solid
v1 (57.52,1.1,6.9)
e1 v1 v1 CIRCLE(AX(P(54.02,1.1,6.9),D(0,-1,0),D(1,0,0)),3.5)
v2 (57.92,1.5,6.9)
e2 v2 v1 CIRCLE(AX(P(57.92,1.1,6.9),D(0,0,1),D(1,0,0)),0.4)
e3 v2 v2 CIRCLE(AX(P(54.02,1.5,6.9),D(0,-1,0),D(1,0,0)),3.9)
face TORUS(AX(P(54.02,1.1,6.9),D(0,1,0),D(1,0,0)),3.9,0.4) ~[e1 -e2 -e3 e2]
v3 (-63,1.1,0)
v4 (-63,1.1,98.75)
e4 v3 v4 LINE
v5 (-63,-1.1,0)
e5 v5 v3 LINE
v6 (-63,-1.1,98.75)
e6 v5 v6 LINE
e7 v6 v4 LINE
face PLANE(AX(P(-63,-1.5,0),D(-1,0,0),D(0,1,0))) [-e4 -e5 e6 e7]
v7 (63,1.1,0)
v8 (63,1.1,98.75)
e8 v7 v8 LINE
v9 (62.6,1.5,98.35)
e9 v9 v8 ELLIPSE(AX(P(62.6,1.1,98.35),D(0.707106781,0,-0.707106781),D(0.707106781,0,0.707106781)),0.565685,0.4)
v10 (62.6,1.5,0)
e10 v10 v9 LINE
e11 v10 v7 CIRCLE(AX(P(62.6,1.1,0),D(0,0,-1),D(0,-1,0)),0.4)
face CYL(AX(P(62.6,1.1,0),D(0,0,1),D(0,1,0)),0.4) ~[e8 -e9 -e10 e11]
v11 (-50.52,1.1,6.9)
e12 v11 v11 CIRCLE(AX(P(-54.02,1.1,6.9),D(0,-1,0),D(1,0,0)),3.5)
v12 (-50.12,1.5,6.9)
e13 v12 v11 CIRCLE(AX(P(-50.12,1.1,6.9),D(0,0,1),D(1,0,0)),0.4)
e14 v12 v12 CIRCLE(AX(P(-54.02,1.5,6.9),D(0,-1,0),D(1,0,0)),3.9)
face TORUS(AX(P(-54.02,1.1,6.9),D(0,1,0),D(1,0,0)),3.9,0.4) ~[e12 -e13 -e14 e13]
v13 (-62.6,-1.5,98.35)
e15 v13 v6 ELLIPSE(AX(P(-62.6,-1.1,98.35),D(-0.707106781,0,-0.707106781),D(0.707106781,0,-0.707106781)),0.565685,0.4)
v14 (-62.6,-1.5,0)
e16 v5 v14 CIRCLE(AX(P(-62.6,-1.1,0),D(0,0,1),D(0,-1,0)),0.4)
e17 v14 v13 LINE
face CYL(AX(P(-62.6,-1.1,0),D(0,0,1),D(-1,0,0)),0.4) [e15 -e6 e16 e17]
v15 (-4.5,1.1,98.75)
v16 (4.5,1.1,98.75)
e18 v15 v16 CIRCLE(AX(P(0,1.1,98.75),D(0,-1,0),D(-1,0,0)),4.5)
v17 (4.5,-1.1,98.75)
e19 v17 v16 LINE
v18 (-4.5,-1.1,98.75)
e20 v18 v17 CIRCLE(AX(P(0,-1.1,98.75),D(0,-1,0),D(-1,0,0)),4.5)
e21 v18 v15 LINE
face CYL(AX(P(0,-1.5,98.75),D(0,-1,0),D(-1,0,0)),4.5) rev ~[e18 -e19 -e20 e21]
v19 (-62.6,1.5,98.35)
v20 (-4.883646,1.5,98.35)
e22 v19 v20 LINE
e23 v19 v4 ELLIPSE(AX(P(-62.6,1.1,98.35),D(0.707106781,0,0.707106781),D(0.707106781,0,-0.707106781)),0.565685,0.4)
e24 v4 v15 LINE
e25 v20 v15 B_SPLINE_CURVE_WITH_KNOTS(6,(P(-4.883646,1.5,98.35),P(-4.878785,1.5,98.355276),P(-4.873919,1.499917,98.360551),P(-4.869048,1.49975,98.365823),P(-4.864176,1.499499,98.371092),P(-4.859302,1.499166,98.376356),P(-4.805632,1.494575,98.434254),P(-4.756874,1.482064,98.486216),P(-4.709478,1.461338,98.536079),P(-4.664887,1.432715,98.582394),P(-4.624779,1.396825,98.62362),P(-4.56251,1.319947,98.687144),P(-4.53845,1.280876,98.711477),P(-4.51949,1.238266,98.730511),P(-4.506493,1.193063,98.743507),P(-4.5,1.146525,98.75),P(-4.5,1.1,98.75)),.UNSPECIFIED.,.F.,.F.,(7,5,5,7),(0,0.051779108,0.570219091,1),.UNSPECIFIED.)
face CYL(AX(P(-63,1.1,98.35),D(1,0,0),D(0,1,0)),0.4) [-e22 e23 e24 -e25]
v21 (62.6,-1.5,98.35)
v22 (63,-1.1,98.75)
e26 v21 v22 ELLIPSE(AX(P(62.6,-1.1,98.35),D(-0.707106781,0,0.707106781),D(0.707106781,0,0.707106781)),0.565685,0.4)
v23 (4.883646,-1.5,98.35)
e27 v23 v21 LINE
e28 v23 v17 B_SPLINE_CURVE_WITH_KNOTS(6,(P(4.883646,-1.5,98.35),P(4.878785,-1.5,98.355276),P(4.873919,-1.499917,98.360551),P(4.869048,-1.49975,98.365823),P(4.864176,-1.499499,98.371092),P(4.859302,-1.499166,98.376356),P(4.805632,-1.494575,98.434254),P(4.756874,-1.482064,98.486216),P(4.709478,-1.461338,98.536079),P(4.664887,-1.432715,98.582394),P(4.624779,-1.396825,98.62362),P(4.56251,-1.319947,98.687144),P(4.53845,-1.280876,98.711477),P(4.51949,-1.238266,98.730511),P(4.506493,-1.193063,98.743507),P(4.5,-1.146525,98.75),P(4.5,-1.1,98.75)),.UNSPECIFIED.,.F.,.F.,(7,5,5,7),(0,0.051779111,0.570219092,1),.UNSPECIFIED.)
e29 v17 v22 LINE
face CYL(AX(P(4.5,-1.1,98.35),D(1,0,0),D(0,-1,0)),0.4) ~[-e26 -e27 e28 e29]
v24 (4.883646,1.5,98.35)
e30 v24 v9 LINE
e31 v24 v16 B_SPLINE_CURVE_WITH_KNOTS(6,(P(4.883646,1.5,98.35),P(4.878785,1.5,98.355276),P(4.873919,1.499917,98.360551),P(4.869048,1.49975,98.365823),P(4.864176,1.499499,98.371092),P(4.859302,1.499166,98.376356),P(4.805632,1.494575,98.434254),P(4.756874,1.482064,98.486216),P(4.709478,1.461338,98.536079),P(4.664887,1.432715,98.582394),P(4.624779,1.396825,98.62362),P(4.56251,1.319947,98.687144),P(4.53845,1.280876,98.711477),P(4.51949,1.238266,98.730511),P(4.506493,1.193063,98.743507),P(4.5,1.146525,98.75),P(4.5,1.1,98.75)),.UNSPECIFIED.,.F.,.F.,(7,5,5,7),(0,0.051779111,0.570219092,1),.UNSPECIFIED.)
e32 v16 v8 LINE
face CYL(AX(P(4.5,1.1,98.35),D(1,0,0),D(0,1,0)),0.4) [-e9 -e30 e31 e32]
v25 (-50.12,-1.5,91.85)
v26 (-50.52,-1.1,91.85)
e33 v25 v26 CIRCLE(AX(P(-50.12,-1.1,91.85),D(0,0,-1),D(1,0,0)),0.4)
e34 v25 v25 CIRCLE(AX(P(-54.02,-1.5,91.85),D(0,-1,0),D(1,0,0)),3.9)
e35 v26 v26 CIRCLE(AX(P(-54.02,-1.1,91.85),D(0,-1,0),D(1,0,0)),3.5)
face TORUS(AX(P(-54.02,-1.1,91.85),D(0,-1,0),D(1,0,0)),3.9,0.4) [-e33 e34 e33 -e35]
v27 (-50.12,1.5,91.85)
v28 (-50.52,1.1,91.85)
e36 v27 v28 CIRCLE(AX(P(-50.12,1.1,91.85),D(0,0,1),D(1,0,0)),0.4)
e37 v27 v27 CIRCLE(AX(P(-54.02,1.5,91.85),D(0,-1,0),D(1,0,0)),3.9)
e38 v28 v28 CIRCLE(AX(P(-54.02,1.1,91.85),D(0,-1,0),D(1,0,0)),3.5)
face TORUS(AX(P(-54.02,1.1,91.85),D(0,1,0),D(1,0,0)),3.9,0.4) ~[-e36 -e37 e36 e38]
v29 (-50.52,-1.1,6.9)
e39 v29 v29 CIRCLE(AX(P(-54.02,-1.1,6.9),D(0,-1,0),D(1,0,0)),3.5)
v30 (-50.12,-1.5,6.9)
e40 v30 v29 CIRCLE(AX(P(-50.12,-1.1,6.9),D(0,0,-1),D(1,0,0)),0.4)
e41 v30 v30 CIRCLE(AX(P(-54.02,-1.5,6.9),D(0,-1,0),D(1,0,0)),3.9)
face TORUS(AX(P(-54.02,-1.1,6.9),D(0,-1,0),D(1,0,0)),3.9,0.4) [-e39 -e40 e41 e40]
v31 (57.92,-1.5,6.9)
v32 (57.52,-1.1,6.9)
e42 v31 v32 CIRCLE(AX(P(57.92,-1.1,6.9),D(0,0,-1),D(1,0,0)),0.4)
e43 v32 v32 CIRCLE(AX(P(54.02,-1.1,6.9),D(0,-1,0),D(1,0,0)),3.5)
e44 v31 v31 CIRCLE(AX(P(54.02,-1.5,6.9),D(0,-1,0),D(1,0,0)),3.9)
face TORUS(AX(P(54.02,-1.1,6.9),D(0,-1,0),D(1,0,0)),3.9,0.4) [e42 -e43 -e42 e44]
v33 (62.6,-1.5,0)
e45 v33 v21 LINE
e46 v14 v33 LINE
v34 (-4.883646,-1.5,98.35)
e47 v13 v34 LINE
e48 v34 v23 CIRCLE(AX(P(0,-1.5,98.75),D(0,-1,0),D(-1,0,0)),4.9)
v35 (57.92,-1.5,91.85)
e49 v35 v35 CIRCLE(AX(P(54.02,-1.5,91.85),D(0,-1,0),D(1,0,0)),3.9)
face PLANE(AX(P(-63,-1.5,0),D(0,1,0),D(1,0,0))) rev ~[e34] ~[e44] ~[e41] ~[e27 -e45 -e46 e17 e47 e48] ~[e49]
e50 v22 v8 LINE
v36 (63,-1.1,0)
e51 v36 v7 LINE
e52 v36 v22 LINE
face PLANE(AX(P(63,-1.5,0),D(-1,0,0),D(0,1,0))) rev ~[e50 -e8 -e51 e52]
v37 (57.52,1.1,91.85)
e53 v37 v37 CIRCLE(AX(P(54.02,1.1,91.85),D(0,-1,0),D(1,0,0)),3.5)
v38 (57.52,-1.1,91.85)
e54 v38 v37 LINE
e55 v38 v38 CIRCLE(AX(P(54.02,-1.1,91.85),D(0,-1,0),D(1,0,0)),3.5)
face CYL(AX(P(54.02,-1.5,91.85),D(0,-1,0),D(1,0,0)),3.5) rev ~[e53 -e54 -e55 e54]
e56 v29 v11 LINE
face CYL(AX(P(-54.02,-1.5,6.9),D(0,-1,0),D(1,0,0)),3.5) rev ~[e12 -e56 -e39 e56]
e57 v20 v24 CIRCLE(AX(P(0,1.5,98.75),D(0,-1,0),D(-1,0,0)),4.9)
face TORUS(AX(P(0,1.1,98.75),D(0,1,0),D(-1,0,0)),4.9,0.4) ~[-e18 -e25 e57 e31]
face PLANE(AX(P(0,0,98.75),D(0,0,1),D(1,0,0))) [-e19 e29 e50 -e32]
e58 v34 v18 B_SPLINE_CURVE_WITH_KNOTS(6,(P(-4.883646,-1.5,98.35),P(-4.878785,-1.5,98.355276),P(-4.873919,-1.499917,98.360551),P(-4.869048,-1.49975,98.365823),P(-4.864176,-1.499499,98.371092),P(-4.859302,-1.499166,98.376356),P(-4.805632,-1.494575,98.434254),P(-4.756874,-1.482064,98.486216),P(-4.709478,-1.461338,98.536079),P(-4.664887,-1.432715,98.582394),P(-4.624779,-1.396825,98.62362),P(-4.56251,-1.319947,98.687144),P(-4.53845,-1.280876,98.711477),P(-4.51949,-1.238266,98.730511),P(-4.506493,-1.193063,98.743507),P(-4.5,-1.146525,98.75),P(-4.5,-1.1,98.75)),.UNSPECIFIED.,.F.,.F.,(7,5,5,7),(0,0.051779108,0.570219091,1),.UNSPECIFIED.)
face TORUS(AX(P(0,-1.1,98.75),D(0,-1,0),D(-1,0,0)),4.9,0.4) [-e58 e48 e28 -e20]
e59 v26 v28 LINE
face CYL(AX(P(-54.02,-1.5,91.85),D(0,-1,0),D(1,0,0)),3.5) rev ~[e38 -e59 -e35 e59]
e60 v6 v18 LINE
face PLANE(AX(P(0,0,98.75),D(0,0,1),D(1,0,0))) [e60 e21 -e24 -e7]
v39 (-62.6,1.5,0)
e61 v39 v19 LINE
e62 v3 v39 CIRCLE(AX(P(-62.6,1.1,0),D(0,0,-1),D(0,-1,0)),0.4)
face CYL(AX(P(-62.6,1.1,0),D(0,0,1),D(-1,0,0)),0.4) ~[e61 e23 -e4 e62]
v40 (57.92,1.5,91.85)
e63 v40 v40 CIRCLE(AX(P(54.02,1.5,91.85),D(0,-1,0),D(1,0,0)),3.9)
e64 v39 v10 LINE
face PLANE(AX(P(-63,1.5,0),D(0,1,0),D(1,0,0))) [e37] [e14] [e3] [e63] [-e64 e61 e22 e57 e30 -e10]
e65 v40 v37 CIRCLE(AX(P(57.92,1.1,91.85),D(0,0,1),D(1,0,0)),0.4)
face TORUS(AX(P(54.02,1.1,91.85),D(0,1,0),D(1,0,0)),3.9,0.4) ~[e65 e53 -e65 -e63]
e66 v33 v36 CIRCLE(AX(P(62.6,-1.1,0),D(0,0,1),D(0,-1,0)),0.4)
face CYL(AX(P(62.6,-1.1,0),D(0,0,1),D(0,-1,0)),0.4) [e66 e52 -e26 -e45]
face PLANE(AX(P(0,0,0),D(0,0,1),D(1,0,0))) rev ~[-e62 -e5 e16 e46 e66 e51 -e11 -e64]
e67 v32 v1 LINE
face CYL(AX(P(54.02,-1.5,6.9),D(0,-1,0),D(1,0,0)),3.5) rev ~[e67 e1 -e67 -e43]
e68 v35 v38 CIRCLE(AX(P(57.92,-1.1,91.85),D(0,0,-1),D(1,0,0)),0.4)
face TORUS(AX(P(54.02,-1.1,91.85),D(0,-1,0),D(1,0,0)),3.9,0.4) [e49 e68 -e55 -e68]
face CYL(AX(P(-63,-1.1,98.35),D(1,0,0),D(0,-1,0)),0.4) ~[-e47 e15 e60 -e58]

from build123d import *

# Parameters (mm, degrees)
F0_W     = 126
F0_H     = 3
F1_DEPTH = 98.75
F2_R     = 3.5
F3_DEPTH = 25
F4_R     = 0.4


with BuildPart() as f1:
    # F0 (on Top) → F1 (new body)
    with BuildSketch(Plane.XY):
        Rectangle(F0_W, F0_H)
    extrude(amount=F1_DEPTH)

    # F2 (on face) → F3 (cut)
    with BuildSketch(Plane.XZ.offset(1.5)):
        with Locations((-54.02, 91.85)):
            Circle(F2_R)
        with BuildLine():
            ThreePointArc((-4.5, 98.75), (0, 94.25), (4.5, 98.75))
            Line((4.5, 98.75), (-4.5, 98.75))
        make_face()
        with Locations((54.02, 91.85)):
            Circle(F2_R)
        with Locations((54.02, 6.9)):
            Circle(F2_R)
        with Locations((-54.02, 6.9)):
            Circle(F2_R)
    extrude(amount=-F3_DEPTH, mode=Mode.SUBTRACT)

    # F4
    f4_edges = [f1.edges().sort_by_distance(p)[0] for p in [
        (63, 1.5, 49.375),
        (63, -1.5, 49.375),
        (33.75, -1.5, 98.75),
        (33.75, 1.5, 98.75),
        (-33.75, 1.5, 98.75),
        (-33.75, -1.5, 98.75),
        (-63, -1.5, 49.375),
        (-63, 1.5, 49.375),
        (50.52, 1.5, 91.85),
        (50.52, -1.5, 91.85),
        (50.52, 1.5, 6.9),
        (50.52, -1.5, 6.9),
        (-57.52, -1.5, 6.9),
        (-57.52, 1.5, 6.9),
        (-57.52, 1.5, 91.85),
        (-57.52, -1.5, 91.85),
        (0, 1.5, 94.25),
        (0, -1.5, 94.25),
    ]]
    fillet(f4_edges, radius=F4_R)


solid = f1.part
